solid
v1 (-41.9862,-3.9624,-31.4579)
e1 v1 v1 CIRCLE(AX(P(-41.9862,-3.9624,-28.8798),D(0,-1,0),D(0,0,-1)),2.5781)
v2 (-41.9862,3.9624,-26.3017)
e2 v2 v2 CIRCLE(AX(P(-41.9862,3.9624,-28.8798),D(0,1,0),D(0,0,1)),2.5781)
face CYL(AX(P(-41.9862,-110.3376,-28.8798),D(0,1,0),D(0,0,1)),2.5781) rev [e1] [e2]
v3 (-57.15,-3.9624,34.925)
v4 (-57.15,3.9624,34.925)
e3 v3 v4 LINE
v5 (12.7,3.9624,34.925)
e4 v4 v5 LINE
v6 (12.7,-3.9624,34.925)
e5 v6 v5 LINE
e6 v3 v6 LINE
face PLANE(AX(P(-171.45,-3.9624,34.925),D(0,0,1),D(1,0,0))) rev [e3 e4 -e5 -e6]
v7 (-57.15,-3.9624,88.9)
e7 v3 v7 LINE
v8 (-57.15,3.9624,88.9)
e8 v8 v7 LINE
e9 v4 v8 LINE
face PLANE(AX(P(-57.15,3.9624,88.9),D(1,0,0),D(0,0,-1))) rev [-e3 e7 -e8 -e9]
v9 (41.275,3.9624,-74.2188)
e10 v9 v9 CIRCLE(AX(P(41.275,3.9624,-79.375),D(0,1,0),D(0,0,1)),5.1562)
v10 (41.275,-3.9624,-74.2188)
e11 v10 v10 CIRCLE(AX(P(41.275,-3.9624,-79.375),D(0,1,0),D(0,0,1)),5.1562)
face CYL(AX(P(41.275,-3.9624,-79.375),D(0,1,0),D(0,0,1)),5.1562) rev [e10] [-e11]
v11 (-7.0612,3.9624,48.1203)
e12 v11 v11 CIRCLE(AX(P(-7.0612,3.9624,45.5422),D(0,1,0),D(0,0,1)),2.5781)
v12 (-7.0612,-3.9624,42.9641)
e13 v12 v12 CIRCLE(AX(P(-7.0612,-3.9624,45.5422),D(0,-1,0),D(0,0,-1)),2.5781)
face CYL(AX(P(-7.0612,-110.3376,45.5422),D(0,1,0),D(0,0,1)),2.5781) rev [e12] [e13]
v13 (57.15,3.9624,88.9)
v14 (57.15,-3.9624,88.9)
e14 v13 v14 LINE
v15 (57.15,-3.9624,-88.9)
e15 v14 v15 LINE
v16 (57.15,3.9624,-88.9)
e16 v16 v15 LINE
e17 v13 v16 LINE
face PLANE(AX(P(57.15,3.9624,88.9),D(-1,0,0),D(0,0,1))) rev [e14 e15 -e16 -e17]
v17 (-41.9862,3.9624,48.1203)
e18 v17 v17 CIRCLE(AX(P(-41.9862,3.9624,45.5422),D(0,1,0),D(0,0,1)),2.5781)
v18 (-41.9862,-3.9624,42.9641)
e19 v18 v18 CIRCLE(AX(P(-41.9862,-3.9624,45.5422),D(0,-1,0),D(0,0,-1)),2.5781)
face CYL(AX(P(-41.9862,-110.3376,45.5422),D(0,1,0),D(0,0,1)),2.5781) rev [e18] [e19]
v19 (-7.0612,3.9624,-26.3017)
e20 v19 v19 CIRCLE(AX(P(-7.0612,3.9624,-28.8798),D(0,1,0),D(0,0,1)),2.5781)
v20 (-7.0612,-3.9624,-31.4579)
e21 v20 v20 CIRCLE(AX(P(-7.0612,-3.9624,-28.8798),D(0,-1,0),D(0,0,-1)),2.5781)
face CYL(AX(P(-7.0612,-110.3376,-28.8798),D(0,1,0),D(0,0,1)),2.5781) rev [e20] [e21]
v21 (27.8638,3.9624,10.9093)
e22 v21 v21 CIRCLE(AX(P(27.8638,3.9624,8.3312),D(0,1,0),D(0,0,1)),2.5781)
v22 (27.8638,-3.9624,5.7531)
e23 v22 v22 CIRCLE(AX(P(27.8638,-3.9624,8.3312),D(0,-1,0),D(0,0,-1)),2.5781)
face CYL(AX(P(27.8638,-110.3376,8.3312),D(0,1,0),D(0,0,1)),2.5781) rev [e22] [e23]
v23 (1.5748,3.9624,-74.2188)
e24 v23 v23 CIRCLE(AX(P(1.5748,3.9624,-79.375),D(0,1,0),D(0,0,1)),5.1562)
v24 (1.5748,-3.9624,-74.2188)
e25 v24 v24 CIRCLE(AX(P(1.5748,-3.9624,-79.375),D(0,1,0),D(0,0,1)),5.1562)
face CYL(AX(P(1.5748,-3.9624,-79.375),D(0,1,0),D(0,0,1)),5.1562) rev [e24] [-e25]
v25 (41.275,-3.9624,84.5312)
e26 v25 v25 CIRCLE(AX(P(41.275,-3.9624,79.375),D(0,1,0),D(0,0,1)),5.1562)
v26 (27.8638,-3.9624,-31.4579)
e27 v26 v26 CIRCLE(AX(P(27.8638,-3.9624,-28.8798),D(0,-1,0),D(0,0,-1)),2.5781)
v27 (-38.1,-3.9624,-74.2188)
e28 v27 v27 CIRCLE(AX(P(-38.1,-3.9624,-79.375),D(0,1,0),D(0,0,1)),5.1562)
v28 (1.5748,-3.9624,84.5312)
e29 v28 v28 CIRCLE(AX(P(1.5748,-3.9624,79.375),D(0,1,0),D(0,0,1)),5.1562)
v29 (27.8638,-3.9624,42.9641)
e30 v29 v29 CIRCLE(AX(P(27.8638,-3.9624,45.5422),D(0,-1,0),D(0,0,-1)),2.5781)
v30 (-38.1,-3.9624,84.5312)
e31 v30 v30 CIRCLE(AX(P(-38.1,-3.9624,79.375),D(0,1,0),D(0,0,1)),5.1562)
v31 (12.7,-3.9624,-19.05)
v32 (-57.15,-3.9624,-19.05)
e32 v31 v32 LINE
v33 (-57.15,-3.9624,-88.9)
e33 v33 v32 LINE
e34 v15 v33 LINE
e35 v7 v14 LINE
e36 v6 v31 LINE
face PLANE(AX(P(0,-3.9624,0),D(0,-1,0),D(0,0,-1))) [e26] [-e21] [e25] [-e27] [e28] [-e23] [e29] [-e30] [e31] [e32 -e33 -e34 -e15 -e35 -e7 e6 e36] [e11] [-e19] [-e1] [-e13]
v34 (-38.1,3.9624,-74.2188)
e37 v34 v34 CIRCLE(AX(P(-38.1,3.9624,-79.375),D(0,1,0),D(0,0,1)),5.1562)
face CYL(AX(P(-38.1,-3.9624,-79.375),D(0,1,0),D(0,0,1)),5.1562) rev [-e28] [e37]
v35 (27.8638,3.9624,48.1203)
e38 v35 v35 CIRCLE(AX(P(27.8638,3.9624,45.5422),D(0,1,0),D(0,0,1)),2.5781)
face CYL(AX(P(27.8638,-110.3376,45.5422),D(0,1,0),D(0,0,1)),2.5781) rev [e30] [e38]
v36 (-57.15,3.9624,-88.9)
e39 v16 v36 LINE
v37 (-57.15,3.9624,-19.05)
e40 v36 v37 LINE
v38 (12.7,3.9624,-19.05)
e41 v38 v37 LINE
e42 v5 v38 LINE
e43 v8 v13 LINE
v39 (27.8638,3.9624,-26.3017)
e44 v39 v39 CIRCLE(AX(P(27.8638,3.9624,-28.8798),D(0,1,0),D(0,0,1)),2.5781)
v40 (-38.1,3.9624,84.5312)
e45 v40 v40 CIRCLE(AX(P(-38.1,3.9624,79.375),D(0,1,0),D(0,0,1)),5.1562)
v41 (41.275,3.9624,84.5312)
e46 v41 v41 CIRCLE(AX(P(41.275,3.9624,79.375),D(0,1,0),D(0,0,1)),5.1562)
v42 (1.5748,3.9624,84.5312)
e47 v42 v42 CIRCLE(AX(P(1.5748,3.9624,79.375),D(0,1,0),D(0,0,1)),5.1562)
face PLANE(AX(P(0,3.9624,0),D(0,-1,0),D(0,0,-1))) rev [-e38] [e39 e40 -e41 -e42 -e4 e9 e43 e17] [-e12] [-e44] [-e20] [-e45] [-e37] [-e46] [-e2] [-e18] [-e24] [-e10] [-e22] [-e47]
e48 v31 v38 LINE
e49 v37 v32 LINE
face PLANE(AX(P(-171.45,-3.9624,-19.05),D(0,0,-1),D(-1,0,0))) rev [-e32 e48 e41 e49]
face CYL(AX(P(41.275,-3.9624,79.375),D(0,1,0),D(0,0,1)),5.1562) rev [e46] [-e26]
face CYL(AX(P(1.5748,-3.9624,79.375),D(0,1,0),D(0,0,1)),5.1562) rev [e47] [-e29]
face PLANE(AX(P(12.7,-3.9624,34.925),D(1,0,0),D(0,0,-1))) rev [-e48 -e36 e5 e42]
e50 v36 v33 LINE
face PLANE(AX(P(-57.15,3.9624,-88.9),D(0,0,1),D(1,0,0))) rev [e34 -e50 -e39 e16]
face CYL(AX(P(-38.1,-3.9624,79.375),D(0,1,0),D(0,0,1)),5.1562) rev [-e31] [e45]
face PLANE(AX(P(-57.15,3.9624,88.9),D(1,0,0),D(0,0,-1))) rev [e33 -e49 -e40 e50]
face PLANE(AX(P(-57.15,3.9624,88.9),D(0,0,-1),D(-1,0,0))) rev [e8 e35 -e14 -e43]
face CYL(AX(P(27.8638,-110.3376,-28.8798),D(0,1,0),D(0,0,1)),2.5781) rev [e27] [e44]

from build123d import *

# Parameters (mm, degrees)
SKETCH1_W           = 114.3
SKETCH1_H           = 177.8
BOSS_EXTRUDE1_DEPTH = 3.9624
CUT_EXTRUDE2_START  = 3.9624
SKETCH2_W           = 184.15
SKETCH2_H           = 53.975
CUT_EXTRUDE2_DEPTH  = 110.721716912
CUT_EXTRUDE4_START  = 3.9624
SKETCH3_R           = 5.1562
CUT_EXTRUDE4_DEPTH  = 110.721716912
CUT_EXTRUDE6_START  = 3.9624
SKETCH4_R           = 5.1562
CUT_EXTRUDE6_DEPTH  = 110.721716912
CUT_EXTRUDE8_START  = 3.9624
SKETCH5_R           = 5.1562
CUT_EXTRUDE8_DEPTH  = 110.721716912
CUT_EXTRUDE10_START = 3.9624
SKETCH6_R           = 2.5781
CUT_EXTRUDE10_DEPTH = 114.3
CUT_EXTRUDE12_START = 3.9624
SKETCH7_R           = 2.5781
CUT_EXTRUDE12_DEPTH = 114.3


with BuildPart() as part:
    # Sketch1 → Boss-Extrude1 (new, symmetric)
    with BuildSketch(Plane(origin=(0, 0, 0), x_dir=(1, 0, 0), z_dir=(0, 1, 0))):
        Rectangle(SKETCH1_W, SKETCH1_H)
    extrude(amount=BOSS_EXTRUDE1_DEPTH, both=True)

    # Sketch2 → Cut-Extrude2 (cut, through all)
    with BuildSketch(Plane(origin=(0, 0, 0), x_dir=(1, 0, 0), z_dir=(0, 1, 0)).offset(CUT_EXTRUDE2_START)):
        with Locations((-79.375, -7.9375)):
            Rectangle(SKETCH2_W, SKETCH2_H)
    extrude(amount=-CUT_EXTRUDE2_DEPTH, mode=Mode.SUBTRACT)

    # Sketch3 → Cut-Extrude4 (cut, through all)
    with BuildSketch(Plane(origin=(0, 0, 0), x_dir=(1, 0, 0), z_dir=(0, 1, 0)).offset(CUT_EXTRUDE4_START)):
        with Locations(Location((-38.1, -79.375, 0), (0, 0, 270))):
            Circle(SKETCH3_R)
        with Locations(Location((-38.1, 79.375, 0), (0, 0, 270))):
            Circle(SKETCH3_R)
    extrude(amount=-CUT_EXTRUDE4_DEPTH, mode=Mode.SUBTRACT)

    # Sketch4 → Cut-Extrude6 (cut, through all)
    with BuildSketch(Plane(origin=(0, 0, 0), x_dir=(1, 0, 0), z_dir=(0, 1, 0)).offset(CUT_EXTRUDE6_START)):
        with Locations(Location((1.5748, -79.375, 0), (0, 0, 270))):
            Circle(SKETCH4_R)
        with Locations(Location((1.5748, 79.375, 0), (0, 0, 270))):
            Circle(SKETCH4_R)
    extrude(amount=-CUT_EXTRUDE6_DEPTH, mode=Mode.SUBTRACT)

    # Sketch5 → Cut-Extrude8 (cut, through all)
    with BuildSketch(Plane(origin=(0, 0, 0), x_dir=(1, 0, 0), z_dir=(0, 1, 0)).offset(CUT_EXTRUDE8_START)):
        with Locations(Location((41.275, -79.375, 0), (0, 0, 270))):
            Circle(SKETCH5_R)
        with Locations(Location((41.275, 79.375, 0), (0, 0, 270))):
            Circle(SKETCH5_R)
    extrude(amount=-CUT_EXTRUDE8_DEPTH, mode=Mode.SUBTRACT)

    # Sketch6 → Cut-Extrude10 (cut)
    with BuildSketch(Plane(origin=(0, 0, 0), x_dir=(1, 0, 0), z_dir=(0, 1, 0)).offset(CUT_EXTRUDE10_START)):
        with Locations(Location((-41.9862, -45.5422, 0), (0, 0, 270))):
            Circle(SKETCH6_R)
        with Locations(Location((-7.0612, -45.5422, 0), (0, 0, 270))):
            Circle(SKETCH6_R)
        with Locations(Location((27.8638, -45.5422, 0), (0, 0, 270))):
            Circle(SKETCH6_R)
        with Locations(Location((-41.9862, 28.8798, 0), (0, 0, 270))):
            Circle(SKETCH6_R)
        with Locations(Location((-7.0612, 28.8798, 0), (0, 0, 270))):
            Circle(SKETCH6_R)
        with Locations(Location((27.8638, 28.8798, 0), (0, 0, 270))):
            Circle(SKETCH6_R)
    extrude(amount=-CUT_EXTRUDE10_DEPTH, mode=Mode.SUBTRACT)

    # Sketch7 → Cut-Extrude12 (cut)
    with BuildSketch(Plane(origin=(0, 0, 0), x_dir=(1, 0, 0), z_dir=(0, 1, 0)).offset(CUT_EXTRUDE12_START)):
        with Locations(Location((27.8638, -8.3312, 0), (0, 0, 270))):
            Circle(SKETCH7_R)
    extrude(amount=-CUT_EXTRUDE12_DEPTH, mode=Mode.SUBTRACT)


solid = part.part
